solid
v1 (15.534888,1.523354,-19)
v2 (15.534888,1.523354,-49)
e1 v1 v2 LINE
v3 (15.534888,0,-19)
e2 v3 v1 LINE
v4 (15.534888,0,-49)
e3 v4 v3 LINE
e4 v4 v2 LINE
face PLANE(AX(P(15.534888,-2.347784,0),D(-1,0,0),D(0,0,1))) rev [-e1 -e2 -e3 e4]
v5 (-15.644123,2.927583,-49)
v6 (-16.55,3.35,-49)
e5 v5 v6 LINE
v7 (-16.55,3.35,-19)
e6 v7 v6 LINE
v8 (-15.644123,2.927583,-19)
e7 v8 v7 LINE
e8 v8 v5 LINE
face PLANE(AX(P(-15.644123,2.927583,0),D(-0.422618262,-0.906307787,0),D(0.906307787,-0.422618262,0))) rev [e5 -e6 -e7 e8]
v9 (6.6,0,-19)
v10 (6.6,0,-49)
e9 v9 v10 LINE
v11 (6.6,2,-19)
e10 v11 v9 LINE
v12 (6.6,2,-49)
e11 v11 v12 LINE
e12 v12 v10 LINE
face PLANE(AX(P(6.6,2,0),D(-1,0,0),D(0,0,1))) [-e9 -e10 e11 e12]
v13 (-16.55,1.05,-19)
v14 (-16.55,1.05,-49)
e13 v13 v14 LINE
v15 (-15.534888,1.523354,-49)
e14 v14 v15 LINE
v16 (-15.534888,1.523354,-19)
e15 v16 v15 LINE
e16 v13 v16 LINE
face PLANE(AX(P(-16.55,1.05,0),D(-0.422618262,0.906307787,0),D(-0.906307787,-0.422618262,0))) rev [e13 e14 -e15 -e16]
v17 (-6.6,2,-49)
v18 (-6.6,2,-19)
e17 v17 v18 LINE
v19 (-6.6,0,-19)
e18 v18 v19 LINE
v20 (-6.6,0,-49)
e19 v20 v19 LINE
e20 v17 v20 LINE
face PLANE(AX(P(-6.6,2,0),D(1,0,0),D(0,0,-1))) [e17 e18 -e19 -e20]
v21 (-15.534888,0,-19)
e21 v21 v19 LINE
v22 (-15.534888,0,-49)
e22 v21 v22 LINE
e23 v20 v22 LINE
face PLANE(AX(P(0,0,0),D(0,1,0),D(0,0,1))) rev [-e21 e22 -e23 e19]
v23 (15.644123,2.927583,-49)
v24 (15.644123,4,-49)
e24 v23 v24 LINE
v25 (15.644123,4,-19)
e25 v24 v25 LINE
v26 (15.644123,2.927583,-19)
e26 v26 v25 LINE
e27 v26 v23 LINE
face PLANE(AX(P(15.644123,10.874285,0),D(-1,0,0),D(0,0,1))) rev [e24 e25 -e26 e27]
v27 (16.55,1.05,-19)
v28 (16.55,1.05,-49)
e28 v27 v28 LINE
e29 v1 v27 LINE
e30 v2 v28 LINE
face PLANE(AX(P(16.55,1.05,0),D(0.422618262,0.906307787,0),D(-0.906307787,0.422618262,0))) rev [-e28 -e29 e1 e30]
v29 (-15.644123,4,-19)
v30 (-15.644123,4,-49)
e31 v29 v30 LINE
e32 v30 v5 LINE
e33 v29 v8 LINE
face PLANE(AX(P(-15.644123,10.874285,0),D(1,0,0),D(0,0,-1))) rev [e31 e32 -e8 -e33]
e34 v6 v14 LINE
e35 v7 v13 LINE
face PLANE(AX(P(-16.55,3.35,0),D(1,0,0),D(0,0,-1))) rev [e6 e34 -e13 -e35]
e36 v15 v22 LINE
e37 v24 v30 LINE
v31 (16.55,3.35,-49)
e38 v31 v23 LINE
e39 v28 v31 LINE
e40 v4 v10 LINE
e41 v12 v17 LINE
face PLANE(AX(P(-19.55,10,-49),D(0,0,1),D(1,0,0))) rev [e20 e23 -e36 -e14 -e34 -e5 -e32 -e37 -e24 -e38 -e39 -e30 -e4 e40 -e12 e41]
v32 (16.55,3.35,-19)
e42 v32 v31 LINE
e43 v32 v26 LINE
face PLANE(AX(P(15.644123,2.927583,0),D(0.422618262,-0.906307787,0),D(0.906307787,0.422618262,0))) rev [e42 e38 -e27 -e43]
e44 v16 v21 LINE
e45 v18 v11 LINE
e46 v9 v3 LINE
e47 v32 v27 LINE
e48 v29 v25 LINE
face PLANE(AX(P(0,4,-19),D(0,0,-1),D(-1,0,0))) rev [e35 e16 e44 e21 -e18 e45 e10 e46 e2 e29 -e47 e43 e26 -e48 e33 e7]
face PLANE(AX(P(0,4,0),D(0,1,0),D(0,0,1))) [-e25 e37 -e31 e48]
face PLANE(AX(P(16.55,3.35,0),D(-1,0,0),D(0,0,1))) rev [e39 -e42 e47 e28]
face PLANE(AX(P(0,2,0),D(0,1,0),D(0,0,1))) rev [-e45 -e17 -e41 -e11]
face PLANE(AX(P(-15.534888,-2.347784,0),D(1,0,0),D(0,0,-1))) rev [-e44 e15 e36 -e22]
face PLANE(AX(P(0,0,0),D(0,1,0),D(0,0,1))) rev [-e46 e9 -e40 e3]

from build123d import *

# Parameters (mm, degrees)
SKETCH1_W             = 3
SKETCH1_H             = 49
BOSS_EXTRUDE1_DEPTH   = 10
BOSS_EXTRUDE1_2_DEPTH = 10
BOSS_EXTRUDE2_START   = -10
SKETCH2_W             = 33.1
SKETCH2_H             = 30
BOSS_EXTRUDE2_DEPTH   = 4
CUT_EXTRUDE1_START    = -10
SKETCH3_W             = 13.2
SKETCH3_H             = 30
CUT_EXTRUDE1_DEPTH    = 2
CUT_EXTRUDE2_START    = -3
CUT_EXTRUDE2_DEPTH    = 2.5
CUT_EXTRUDE3_START    = -36.1
SKETCH6_R             = 1.6
CUT_EXTRUDE3_DEPTH    = 2.5
CUT_EXTRUDE4_START    = -3.4
CUT_EXTRUDE4_DEPTH    = 3.2
CUT_EXTRUDE6_DEPTH    = 54.695460702


with BuildPart() as part:
    # Sketch1 → Boss-Extrude1 (new body)
    with BuildSketch(Plane(origin=(0, 0, 0), x_dir=(1, 0, 0), z_dir=(0, 1, 0))):
        with Locations((-18.05, 24.5)):
            Rectangle(SKETCH1_W, SKETCH1_H)
    extrude(amount=BOSS_EXTRUDE1_DEPTH)



with BuildPart() as body_2:
    # Sketch1 → Boss-Extrude1 2 (new body)
    with BuildSketch(Plane(origin=(0, 0, 0), x_dir=(1, 0, 0), z_dir=(0, 1, 0))):
        with Locations((18.05, 24.5)):
            Rectangle(SKETCH1_W, SKETCH1_H)
    extrude(amount=BOSS_EXTRUDE1_2_DEPTH)


with BuildPart() as part_1:
    add(part.part)

    add(body_2.part)  # Boss-Extrude2 merges body 2
    # Sketch2 → Boss-Extrude2 (add)
    with BuildSketch(Plane(origin=(0, 10, 0), x_dir=(1, 0, 0), z_dir=(0, 1, 0)).offset(BOSS_EXTRUDE2_START)):
        with Locations((0, 34)):
            Rectangle(SKETCH2_W, SKETCH2_H)
    extrude(amount=BOSS_EXTRUDE2_DEPTH)

    # Sketch3 → Cut-Extrude1 (cut)
    with BuildSketch(Plane(origin=(0, 10, 0), x_dir=(1, 0, 0), z_dir=(0, 1, 0)).offset(CUT_EXTRUDE1_START)):
        with Locations((0, 34)):
            Rectangle(SKETCH3_W, SKETCH3_H)
    extrude(amount=CUT_EXTRUDE1_DEPTH, mode=Mode.SUBTRACT)

    # Sketch5 → Cut-Extrude2 (cut)
    with BuildSketch(Plane.ZY.offset(19.55).offset(CUT_EXTRUDE2_START)):
        with BuildLine():
            Line((-4.75, 7.236067977), (-4.854831539, 6.824677172))
            ThreePointArc((-4.854831539, 6.824677172), (-4.891407754, 6.769616655), (-4.954343768, 6.74940433))
            ThreePointArc((-4.954343768, 6.74940433), (-5, 6.75), (-5.045656232, 6.74940433))
            ThreePointArc((-5.045656232, 6.74940433), (-5.108592246, 6.769616655), (-5.145168461, 6.824677172))
            Line((-5.145168461, 6.824677172), (-5.25, 7.236067977))
            ThreePointArc((-5.25, 7.236067977), (-5.3907084, 7.215817444), (-5.529857135, 7.186721614))
            Line((-5.529857135, 7.186721614), (-5.487662617, 6.764286212))
            ThreePointArc((-5.487662617, 6.764286212), (-5.503201209, 6.700036448), (-5.555428696, 6.65951769))
            ThreePointArc((-5.555428696, 6.65951769), (-5.598535251, 6.644462086), (-5.641234343, 6.628286988))
            ThreePointArc((-5.641234343, 6.628286988), (-5.707287874, 6.625754976), (-5.760490079, 6.664985136))
            Line((-5.760490079, 6.664985136), (-5.999703445, 7.015711542))
            ThreePointArc((-5.999703445, 7.015711542), (-6.125, 6.948557159), (-6.24580568, 6.873624351))
            Line((-6.24580568, 6.873624351), (-6.061674385, 6.491096296))
            ThreePointArc((-6.061674385, 6.491096296), (-6.054301173, 6.425406755), (-6.089520725, 6.369468725))
            ThreePointArc((-6.089520725, 6.369468725), (-6.124878317, 6.340577775), (-6.15947013, 6.310774205))
            ThreePointArc((-6.15947013, 6.310774205), (-6.220674146, 6.285803254), (-6.28408537, 6.30447132))
            Line((-6.28408537, 6.30447132), (-6.628827901, 6.552230546))
            ThreePointArc((-6.628827901, 6.552230546), (-6.723599997, 6.446272122), (-6.811491673, 6.33454034))
            Line((-6.811491673, 6.33454034), (-6.507632554, 6.038058161))
            ThreePointArc((-6.507632554, 6.038058161), (-6.478236855, 5.978851971), (-6.492200475, 5.914241621))
            ThreePointArc((-6.492200475, 5.914241621), (-6.515544457, 5.875), (-6.537856707, 5.835162708))
            ThreePointArc((-6.537856707, 5.835162708), (-6.586829101, 5.790764683), (-6.652801015, 5.786619011))
            Line((-6.652801015, 5.786619011), (-7.061491673, 5.901527638))
            ThreePointArc((-7.061491673, 5.901527638), (-7.114308397, 5.769545322), (-7.158685036, 5.634491068))
            Line((-7.158685036, 5.634491068), (-6.771747987, 5.459814891))
            ThreePointArc((-6.771747987, 5.459814891), (-6.723875356, 5.414233193), (-6.714898826, 5.348743485))
            ThreePointArc((-6.714898826, 5.348743485), (-6.723413568, 5.303884311), (-6.730755068, 5.258818263))
            ThreePointArc((-6.730755068, 5.258818263), (-6.761589047, 5.200348221), (-6.822164464, 5.17388884))
            Line((-6.822164464, 5.17388884), (-7.245509125, 5.142087191))
            ThreePointArc((-7.245509125, 5.142087191), (-7.25, 5), (-7.245509125, 4.857912809))
            Line((-7.245509125, 4.857912809), (-6.822164464, 4.82611116))
            ThreePointArc((-6.822164464, 4.82611116), (-6.761589047, 4.799651779), (-6.730755068, 4.741181737))
            ThreePointArc((-6.730755068, 4.741181737), (-6.723413568, 4.696115689), (-6.714898826, 4.651256515))
            ThreePointArc((-6.714898826, 4.651256515), (-6.723875356, 4.585766807), (-6.771747987, 4.540185109))
            Line((-6.771747987, 4.540185109), (-7.158685036, 4.365508932))
            ThreePointArc((-7.158685036, 4.365508932), (-7.114308397, 4.230454678), (-7.061491673, 4.098472362))
            Line((-7.061491673, 4.098472362), (-6.652801015, 4.213380989))
            ThreePointArc((-6.652801015, 4.213380989), (-6.586829101, 4.209235317), (-6.537856707, 4.164837292))
            ThreePointArc((-6.537856707, 4.164837292), (-6.515544457, 4.125), (-6.492200475, 4.085758379))
            ThreePointArc((-6.492200475, 4.085758379), (-6.478236855, 4.021148029), (-6.507632554, 3.961941839))
            Line((-6.507632554, 3.961941839), (-6.811491673, 3.66545966))
            ThreePointArc((-6.811491673, 3.66545966), (-6.723599997, 3.553727878), (-6.628827901, 3.447769454))
            Line((-6.628827901, 3.447769454), (-6.28408537, 3.69552868))
            ThreePointArc((-6.28408537, 3.69552868), (-6.220674146, 3.714196746), (-6.15947013, 3.689225795))
            ThreePointArc((-6.15947013, 3.689225795), (-6.124878317, 3.659422225), (-6.089520725, 3.630531275))
            ThreePointArc((-6.089520725, 3.630531275), (-6.054301173, 3.574593245), (-6.061674385, 3.508903704))
            Line((-6.061674385, 3.508903704), (-6.24580568, 3.126375649))
            ThreePointArc((-6.24580568, 3.126375649), (-6.125, 3.051442841), (-5.999703445, 2.984288458))
            Line((-5.999703445, 2.984288458), (-5.760490079, 3.335014864))
            ThreePointArc((-5.760490079, 3.335014864), (-5.707287874, 3.374245024), (-5.641234343, 3.371713012))
            ThreePointArc((-5.641234343, 3.371713012), (-5.598535251, 3.355537914), (-5.555428696, 3.34048231))
            ThreePointArc((-5.555428696, 3.34048231), (-5.503201209, 3.299963552), (-5.487662617, 3.235713788))
            Line((-5.487662617, 3.235713788), (-5.529857135, 2.813278386))
            ThreePointArc((-5.529857135, 2.813278386), (-5.3907084, 2.784182556), (-5.25, 2.763932023))
            Line((-5.25, 2.763932023), (-5.145168461, 3.175322828))
            ThreePointArc((-5.145168461, 3.175322828), (-5.108592246, 3.230383345), (-5.045656232, 3.25059567))
            ThreePointArc((-5.045656232, 3.25059567), (-5, 3.25), (-4.954343768, 3.25059567))
            ThreePointArc((-4.954343768, 3.25059567), (-4.891407754, 3.230383345), (-4.854831539, 3.175322828))
            Line((-4.854831539, 3.175322828), (-4.75, 2.763932023))
            ThreePointArc((-4.75, 2.763932023), (-4.6092916, 2.784182556), (-4.470142865, 2.813278386))
            Line((-4.470142865, 2.813278386), (-4.512337383, 3.235713788))
            ThreePointArc((-4.512337383, 3.235713788), (-4.496798791, 3.299963552), (-4.444571304, 3.34048231))
            ThreePointArc((-4.444571304, 3.34048231), (-4.401464749, 3.355537914), (-4.358765657, 3.371713012))
            ThreePointArc((-4.358765657, 3.371713012), (-4.292712126, 3.374245024), (-4.239509921, 3.335014864))
            Line((-4.239509921, 3.335014864), (-4.000296555, 2.984288458))
            ThreePointArc((-4.000296555, 2.984288458), (-3.875, 3.051442841), (-3.75419432, 3.126375649))
            Line((-3.75419432, 3.126375649), (-3.938325615, 3.508903704))
            ThreePointArc((-3.938325615, 3.508903704), (-3.945698827, 3.574593245), (-3.910479275, 3.630531275))
            ThreePointArc((-3.910479275, 3.630531275), (-3.875121683, 3.659422225), (-3.84052987, 3.689225795))
            ThreePointArc((-3.84052987, 3.689225795), (-3.779325854, 3.714196746), (-3.71591463, 3.69552868))
            Line((-3.71591463, 3.69552868), (-3.371172099, 3.447769454))
            ThreePointArc((-3.371172099, 3.447769454), (-3.276400003, 3.553727878), (-3.188508327, 3.66545966))
            Line((-3.188508327, 3.66545966), (-3.492367446, 3.961941839))
            ThreePointArc((-3.492367446, 3.961941839), (-3.521763145, 4.021148029), (-3.507799525, 4.085758379))
            ThreePointArc((-3.507799525, 4.085758379), (-3.484455543, 4.125), (-3.462143293, 4.164837292))
            ThreePointArc((-3.462143293, 4.164837292), (-3.413170899, 4.209235317), (-3.347198985, 4.213380989))
            Line((-3.347198985, 4.213380989), (-2.938508327, 4.098472362))
            ThreePointArc((-2.938508327, 4.098472362), (-2.885691603, 4.230454678), (-2.841314964, 4.365508932))
            Line((-2.841314964, 4.365508932), (-3.228252013, 4.540185109))
            ThreePointArc((-3.228252013, 4.540185109), (-3.276124644, 4.585766807), (-3.285101174, 4.651256515))
            ThreePointArc((-3.285101174, 4.651256515), (-3.276586432, 4.696115689), (-3.269244932, 4.741181737))
            ThreePointArc((-3.269244932, 4.741181737), (-3.238410953, 4.799651779), (-3.177835536, 4.82611116))
            Line((-3.177835536, 4.82611116), (-2.754490875, 4.857912809))
            ThreePointArc((-2.754490875, 4.857912809), (-2.75, 5), (-2.754490875, 5.142087191))
            Line((-2.754490875, 5.142087191), (-3.177835536, 5.17388884))
            ThreePointArc((-3.177835536, 5.17388884), (-3.238410953, 5.200348221), (-3.269244932, 5.258818263))
            ThreePointArc((-3.269244932, 5.258818263), (-3.276586432, 5.303884311), (-3.285101174, 5.348743485))
            ThreePointArc((-3.285101174, 5.348743485), (-3.276124644, 5.414233193), (-3.228252013, 5.459814891))
            Line((-3.228252013, 5.459814891), (-2.841314964, 5.634491068))
            ThreePointArc((-2.841314964, 5.634491068), (-2.885691603, 5.769545322), (-2.938508327, 5.901527638))
            Line((-2.938508327, 5.901527638), (-3.347198985, 5.786619011))
            ThreePointArc((-3.347198985, 5.786619011), (-3.413170899, 5.790764683), (-3.462143293, 5.835162708))
            ThreePointArc((-3.462143293, 5.835162708), (-3.484455543, 5.875), (-3.507799525, 5.914241621))
            ThreePointArc((-3.507799525, 5.914241621), (-3.521763145, 5.978851971), (-3.492367446, 6.038058161))
            Line((-3.492367446, 6.038058161), (-3.188508327, 6.33454034))
            ThreePointArc((-3.188508327, 6.33454034), (-3.276400003, 6.446272122), (-3.371172099, 6.552230546))
            Line((-3.371172099, 6.552230546), (-3.71591463, 6.30447132))
            ThreePointArc((-3.71591463, 6.30447132), (-3.779325854, 6.285803254), (-3.84052987, 6.310774205))
            ThreePointArc((-3.84052987, 6.310774205), (-3.875121683, 6.340577775), (-3.910479275, 6.369468725))
            ThreePointArc((-3.910479275, 6.369468725), (-3.945698827, 6.425406755), (-3.938325615, 6.491096296))
            Line((-3.938325615, 6.491096296), (-3.75419432, 6.873624351))
            ThreePointArc((-3.75419432, 6.873624351), (-3.875, 6.948557159), (-4.000296555, 7.015711542))
            Line((-4.000296555, 7.015711542), (-4.239509921, 6.664985136))
            ThreePointArc((-4.239509921, 6.664985136), (-4.292712126, 6.625754976), (-4.358765657, 6.628286988))
            ThreePointArc((-4.358765657, 6.628286988), (-4.401464749, 6.644462086), (-4.444571304, 6.65951769))
            ThreePointArc((-4.444571304, 6.65951769), (-4.496798791, 6.700036448), (-4.512337383, 6.764286212))
            Line((-4.512337383, 6.764286212), (-4.470142865, 7.186721614))
            ThreePointArc((-4.470142865, 7.186721614), (-4.6092916, 7.215817444), (-4.75, 7.236067977))
        make_face()
    extrude(amount=CUT_EXTRUDE2_DEPTH, mode=Mode.SUBTRACT)

    # Sketch6 → Cut-Extrude3 (cut)
    with BuildSketch(Plane.ZY.offset(19.55).offset(CUT_EXTRUDE3_START)):
        with Locations(Location((-5, 5, 0), (0, 0, 180))):
            Circle(SKETCH6_R)
    extrude(amount=-CUT_EXTRUDE3_DEPTH, mode=Mode.SUBTRACT)

    # Sketch9 → Cut-Extrude4 (cut)
    with BuildSketch(Plane(origin=(0, 10, 0), x_dir=(1, 0, 0), z_dir=(0, 1, 0)).offset(CUT_EXTRUDE4_START)):
        Polygon((16.55, 5), (17.55, 5), (19.05, 0), (16.55, 0), align=None)
    extrude(amount=-CUT_EXTRUDE4_DEPTH, mode=Mode.SUBTRACT)

    # Sketch10 → Cut-Extrude6 (cut, through all)
    with BuildSketch(Plane(origin=(0, 0, -49), x_dir=(-1, 0, 0), z_dir=(0, 0, -1))):
        Polygon((-15.644123368, 2.927582789), (-16.55, 3.35), (-16.55, 1.05), (-15.534888499, 1.523354267), (-15.534888499, -2.347783868), (-19.962773438, -2.347783868), (-19.962773438, 10.874284902), (-15.644123368, 10.874284902), align=None)
        Polygon((19.962773438, 10.874284902), (15.644123368, 10.874284902), (15.644123368, 2.927582789), (16.55, 3.35), (16.55, 1.05), (15.534888499, 1.523354267), (15.534888499, -2.347783868), (19.962773438, -2.347783868), align=None)
    extrude(amount=-CUT_EXTRUDE6_DEPTH, mode=Mode.SUBTRACT)


solid = part_1.part
